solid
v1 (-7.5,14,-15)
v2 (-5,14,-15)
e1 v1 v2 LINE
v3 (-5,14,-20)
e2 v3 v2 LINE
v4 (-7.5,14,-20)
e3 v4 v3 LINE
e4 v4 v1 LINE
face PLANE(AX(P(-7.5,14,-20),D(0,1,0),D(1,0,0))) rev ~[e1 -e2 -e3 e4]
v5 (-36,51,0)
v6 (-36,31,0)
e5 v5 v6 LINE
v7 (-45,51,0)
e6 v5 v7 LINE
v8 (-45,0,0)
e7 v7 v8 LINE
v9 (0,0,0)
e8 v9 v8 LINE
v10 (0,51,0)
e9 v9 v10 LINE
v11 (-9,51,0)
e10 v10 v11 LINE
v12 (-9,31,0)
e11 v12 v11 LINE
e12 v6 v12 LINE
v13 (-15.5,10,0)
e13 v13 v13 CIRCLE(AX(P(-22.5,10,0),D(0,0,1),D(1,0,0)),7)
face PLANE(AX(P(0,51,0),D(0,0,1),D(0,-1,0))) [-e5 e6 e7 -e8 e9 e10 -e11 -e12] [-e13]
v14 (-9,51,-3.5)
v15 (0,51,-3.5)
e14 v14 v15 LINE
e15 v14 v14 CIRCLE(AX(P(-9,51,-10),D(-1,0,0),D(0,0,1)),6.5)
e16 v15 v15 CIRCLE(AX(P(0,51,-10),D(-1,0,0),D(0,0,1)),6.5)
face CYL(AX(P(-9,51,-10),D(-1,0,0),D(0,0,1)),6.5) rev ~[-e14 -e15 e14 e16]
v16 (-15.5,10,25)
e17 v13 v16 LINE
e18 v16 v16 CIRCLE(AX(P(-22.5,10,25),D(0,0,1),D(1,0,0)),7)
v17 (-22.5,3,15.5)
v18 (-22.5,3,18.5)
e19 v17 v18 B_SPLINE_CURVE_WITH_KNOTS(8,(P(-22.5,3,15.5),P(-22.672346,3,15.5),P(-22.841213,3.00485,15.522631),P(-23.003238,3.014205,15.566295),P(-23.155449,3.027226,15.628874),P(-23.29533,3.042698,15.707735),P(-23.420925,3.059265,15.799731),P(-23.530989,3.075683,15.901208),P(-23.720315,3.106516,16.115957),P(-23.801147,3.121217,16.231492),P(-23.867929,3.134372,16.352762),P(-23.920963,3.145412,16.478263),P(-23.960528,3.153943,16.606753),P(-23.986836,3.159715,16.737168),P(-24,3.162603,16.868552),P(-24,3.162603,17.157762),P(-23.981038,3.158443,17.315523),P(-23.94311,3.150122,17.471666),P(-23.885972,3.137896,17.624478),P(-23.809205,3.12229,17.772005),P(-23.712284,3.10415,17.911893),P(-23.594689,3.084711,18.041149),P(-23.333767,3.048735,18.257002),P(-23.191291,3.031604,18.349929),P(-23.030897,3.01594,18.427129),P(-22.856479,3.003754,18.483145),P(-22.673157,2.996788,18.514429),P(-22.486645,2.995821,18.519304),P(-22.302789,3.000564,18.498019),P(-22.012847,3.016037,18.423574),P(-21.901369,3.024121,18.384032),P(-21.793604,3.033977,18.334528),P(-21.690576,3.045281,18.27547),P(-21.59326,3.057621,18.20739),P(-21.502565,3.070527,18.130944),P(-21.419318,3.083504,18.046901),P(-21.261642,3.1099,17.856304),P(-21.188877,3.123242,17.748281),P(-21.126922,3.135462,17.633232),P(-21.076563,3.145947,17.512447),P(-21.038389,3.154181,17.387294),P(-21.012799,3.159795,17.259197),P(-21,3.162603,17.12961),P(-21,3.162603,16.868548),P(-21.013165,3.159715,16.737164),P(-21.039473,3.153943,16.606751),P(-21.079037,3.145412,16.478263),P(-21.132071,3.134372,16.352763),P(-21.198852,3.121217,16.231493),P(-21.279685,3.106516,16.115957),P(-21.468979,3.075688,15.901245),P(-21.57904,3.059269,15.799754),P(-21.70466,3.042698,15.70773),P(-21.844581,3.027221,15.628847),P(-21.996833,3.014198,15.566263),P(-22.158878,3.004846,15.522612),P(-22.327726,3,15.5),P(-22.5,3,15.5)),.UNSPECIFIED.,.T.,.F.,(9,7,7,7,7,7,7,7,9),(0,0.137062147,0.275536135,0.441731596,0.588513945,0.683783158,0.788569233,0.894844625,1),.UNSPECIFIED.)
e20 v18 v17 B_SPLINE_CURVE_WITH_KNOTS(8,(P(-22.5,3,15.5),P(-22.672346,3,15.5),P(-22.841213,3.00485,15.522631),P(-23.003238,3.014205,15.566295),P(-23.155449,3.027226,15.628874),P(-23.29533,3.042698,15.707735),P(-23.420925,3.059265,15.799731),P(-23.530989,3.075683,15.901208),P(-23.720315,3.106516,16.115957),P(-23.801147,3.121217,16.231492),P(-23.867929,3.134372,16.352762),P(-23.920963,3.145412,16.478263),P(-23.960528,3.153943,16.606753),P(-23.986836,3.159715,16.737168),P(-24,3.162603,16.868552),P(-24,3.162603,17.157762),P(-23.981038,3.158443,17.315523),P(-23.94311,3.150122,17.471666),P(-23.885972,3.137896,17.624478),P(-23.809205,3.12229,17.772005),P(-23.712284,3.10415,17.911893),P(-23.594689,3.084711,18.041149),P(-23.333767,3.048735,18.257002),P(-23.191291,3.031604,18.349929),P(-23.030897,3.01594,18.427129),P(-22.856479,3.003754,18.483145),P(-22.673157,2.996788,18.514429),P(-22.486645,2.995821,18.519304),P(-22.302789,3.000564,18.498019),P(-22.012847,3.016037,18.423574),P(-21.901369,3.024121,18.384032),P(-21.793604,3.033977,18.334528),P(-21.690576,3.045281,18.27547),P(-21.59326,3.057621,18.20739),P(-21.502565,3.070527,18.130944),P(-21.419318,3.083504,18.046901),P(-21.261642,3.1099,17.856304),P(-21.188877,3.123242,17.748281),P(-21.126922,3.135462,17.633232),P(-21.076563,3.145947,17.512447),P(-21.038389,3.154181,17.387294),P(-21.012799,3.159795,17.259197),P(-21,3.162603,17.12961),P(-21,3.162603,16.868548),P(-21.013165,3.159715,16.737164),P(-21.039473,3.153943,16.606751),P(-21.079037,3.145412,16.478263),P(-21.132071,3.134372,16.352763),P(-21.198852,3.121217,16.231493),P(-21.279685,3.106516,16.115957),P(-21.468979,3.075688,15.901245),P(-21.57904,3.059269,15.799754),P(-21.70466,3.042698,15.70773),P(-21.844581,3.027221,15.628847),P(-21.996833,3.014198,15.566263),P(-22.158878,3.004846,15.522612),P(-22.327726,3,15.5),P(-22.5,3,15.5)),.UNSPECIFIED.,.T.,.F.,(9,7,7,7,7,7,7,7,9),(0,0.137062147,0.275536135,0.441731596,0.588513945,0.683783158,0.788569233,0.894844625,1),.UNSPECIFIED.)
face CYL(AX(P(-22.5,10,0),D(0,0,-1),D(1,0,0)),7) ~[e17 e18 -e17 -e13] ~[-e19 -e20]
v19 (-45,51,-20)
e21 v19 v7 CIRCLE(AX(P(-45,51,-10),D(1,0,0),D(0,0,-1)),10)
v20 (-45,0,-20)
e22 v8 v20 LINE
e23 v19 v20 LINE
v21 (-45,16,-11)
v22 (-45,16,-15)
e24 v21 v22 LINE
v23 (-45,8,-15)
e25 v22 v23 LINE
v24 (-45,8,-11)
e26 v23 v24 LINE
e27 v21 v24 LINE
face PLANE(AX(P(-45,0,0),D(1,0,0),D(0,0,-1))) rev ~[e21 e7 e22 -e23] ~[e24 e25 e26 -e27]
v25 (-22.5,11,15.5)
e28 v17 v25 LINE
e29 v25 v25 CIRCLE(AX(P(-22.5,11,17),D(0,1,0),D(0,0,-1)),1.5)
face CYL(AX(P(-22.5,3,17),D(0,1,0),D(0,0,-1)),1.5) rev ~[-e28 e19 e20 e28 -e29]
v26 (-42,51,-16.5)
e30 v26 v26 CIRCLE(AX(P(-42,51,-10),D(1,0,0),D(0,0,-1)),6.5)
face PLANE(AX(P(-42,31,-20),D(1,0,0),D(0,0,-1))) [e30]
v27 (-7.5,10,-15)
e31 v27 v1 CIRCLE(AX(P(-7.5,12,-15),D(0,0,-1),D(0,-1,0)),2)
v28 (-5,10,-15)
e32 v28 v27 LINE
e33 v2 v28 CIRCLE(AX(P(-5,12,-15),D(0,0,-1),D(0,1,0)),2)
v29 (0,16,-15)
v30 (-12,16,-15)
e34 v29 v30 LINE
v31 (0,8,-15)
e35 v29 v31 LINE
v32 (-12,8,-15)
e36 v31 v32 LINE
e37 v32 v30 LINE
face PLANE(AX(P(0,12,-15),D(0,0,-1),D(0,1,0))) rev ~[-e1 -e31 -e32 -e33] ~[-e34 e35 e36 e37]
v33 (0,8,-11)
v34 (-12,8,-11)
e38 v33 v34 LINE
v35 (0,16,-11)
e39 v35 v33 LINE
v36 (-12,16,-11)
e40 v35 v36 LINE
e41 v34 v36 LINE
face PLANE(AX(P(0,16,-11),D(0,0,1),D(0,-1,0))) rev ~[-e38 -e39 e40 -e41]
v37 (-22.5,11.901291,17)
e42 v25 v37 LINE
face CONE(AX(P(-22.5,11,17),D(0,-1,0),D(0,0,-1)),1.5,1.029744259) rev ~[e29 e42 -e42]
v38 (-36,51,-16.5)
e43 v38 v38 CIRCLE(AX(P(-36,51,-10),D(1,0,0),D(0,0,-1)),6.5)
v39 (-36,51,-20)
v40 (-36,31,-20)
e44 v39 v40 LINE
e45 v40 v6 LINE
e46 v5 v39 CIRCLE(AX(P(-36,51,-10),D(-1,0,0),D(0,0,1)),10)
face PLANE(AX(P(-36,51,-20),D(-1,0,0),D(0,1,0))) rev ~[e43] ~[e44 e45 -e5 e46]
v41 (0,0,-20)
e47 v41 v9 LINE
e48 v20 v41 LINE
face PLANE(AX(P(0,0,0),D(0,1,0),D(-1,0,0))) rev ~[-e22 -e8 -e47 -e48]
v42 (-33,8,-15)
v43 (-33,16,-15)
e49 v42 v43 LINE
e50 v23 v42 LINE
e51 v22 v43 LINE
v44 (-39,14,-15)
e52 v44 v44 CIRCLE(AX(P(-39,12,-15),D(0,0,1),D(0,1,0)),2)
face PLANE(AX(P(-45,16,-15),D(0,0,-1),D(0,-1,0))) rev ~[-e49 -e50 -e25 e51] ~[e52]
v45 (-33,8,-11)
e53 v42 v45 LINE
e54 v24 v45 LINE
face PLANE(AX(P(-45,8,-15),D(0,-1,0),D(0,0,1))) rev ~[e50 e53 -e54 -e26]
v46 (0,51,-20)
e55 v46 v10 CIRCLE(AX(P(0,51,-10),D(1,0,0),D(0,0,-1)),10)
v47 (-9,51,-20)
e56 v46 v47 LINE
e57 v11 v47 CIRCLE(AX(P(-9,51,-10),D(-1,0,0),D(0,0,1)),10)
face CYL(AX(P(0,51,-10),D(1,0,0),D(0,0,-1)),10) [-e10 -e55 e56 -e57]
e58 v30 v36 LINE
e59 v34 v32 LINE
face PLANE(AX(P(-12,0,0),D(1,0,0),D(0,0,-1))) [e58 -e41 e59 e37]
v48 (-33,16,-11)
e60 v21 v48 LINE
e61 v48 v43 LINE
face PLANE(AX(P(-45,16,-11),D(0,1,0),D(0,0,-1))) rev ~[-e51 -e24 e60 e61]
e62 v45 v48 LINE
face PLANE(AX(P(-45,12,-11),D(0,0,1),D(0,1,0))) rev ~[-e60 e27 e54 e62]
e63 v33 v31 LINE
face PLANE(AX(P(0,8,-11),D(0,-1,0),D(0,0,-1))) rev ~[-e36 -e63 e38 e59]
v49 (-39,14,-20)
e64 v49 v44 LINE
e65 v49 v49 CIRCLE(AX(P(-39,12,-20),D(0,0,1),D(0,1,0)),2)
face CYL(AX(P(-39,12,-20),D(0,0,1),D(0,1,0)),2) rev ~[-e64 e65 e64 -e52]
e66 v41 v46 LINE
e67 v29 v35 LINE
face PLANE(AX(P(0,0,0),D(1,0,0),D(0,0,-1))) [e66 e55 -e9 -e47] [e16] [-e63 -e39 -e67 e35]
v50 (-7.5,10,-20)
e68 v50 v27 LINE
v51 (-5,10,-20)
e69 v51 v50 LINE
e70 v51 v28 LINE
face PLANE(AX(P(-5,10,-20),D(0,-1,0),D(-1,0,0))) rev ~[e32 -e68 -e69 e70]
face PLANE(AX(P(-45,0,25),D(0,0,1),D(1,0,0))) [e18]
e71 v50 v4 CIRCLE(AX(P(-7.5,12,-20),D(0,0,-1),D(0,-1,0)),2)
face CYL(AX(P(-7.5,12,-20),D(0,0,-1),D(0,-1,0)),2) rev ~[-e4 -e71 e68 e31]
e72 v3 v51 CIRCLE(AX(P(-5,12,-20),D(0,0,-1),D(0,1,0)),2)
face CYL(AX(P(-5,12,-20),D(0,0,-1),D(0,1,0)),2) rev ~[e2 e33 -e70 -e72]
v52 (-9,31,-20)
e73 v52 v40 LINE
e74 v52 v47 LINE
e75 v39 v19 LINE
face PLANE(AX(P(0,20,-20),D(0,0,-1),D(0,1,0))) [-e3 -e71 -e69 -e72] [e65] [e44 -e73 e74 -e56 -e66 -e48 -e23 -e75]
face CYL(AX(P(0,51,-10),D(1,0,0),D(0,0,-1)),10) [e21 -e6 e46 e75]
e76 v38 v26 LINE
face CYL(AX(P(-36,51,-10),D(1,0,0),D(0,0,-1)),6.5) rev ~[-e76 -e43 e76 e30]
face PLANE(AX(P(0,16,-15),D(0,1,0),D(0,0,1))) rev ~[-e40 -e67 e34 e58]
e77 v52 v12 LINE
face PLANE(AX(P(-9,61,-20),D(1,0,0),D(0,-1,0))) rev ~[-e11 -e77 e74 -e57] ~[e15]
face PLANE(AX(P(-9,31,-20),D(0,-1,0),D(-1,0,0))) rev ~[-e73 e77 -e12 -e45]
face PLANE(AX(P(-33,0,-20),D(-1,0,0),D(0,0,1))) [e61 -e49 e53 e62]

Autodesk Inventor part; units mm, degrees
ref_plane "YZ Plane" through (0, 0, 0) normal (1, 0, 0) x (0, 1, 0)
ref_plane "XZ Plane" through (0, 0, 0) normal (0, 1, 0) x (-1, 0, 0)
sketch "Sketch15" plane through (0, 0, 0) normal (0, 1, 0) x (-1, 0, 0)
  line L0 (0, 0) -> (45, 0)
  line L1 (45, 0) -> (45, -20)
  line L2 (45, -20) -> (0, -20)
  line L3 (0, -20) -> (0, 0)
  dimension "d88" = 45
  dimension "d89" = 20
extrude "Extrusion11" add sketch "Sketch15" along normal blind 20
sketch "Sketch16" plane through (-45, 0, 0) normal (0, 0, 1) x (1, 0, 0)
  line L0 (45, 0) -> (45, 20) projected
  line L1 (0, 20) -> (45, 20) projected
  circle A0 centre (22.5, 10) radius 7
  dimension "d92" = 14
  dimension "d93" = 10
  dimension "d94" = 22.5
extrude "Extrusion12" add sketch "Sketch16" along normal blind 25
sketch "Sketch17" plane through (0, 0, 0) normal (1, 0, 0) x (0, 0, -1)
  line L0 (20, 0) -> (20, 20) projected
  line L1 (0, 0) -> (0, 20) projected
  line L2 (-25, 17) -> (-25, 3) projected
  line L3 (0, 3) -> (0, 17) projected
  line L4 (-25, 10) -> (20, 10) construction
  line L5 (0, 20) -> (20, 20)
  line L6 (20, 20) -> (20, 51)
  line L7 (0, 51) -> (0, 20)
  arc A0 (20, 51) -> (0, 51) centre (10, 51) ccw
  circle A1 centre (10, 51) radius 6.5 construction
  dimension "d98" = 41
  dimension "d99" = 13
extrude "Extrusion13" add sketch "Sketch17" against normal up to surface (45 mm away)
sketch "Sketch18" plane through (0, 0, -20) normal (0, 0, -1) x (-1, 0, 0)
  line L0 (0, 61) -> (45, 61) projected
  line L1 (9, 31) -> (36, 31)
  line L2 (36, 31) -> (36, 61)
  line L3 (36, 61) -> (9, 61)
  line L4 (9, 61) -> (9, 31)
  line L5 (45, 61) -> (45, 51) projected
  line L6 (0, 61) -> (0, 51) projected
  line L7 (0, 51) -> (45, 51) projected
  line L8 (14.6068, 31.9261) -> (20.6068, 31.9261)
  line L9 (20.6068, 31.9261) -> (20.6068, 53.9261)
  line L10 (20.6068, 53.9261) -> (14.6068, 53.9261)
  line L11 (14.6068, 53.9261) -> (14.6068, 31.9261)
  line L12 (20.6068, 25.659) -> (25.6068, 25.659)
  line L13 (25.6068, 25.659) -> (25.6068, 59.659)
  line L14 (25.6068, 59.659) -> (20.6068, 59.659)
  line L15 (20.6068, 59.659) -> (20.6068, 25.659)
  point P0 (40, 20)
  point P1 (0, 20)
  dimension "d105" = 30
  dimension "d106" = 9
  dimension "d107" = 9
  dimension "d116" = 20
  dimension "d117" = 6
  dimension "d118" = 22
  dimension "d119" = 5
  dimension "d120" = 34
  dimension "d121" = 10.3932
  dimension "d122" = 11.6068
extrude "Extrusion14" cut sketch "Sketch18" against normal through all contours L0 L2 L7 L13 L14 L15 L10 L11 L4 | L7 L11 L8 L15 L1 L4 | L2 L1 L13 L7 | L11 L10 L9 L7 | L7 L9 L8 L11 | L13 L1 L15 L9 L7 | L7 L9 L15 L14 L13
sketch "Sketch19" plane through (-36, 31, -20) normal (1, 0, 0) x (0, 0, -1)
  arc A0 (0, 20) -> (-20, 20) centre (-10, 20) ccw projected
  circle A1 centre (-10, 20) radius 6.5
  point P0 (-20, -31)
  point P1 (0, 22.9052)
  dimension "d110" = 13
extrude "Extrusion15" cut sketch "Sketch19" against normal blind 6
sketch "Sketch20" plane through (-9, 31, -20) normal (-1, 0, 0) x (0, 0, 1)
  arc A0 (20, 20) -> (0, 20) centre (10, 20) ccw projected
  circle A1 centre (10, 20) radius 6.5
  point P0 (20, -31)
  point P1 (0, 22.9052)
  dimension "d113" = 13
extrude "Extrusion16" cut sketch "Sketch20" against normal through all
sketch "Sketch21" plane through (0, 0, -20) normal (0, 0, -1) x (-1, 0, 0)
  line L0 (36, 31) -> (9, 31) projected
  line L1 (45, 0) -> (30, 0)
  line L2 (30, 0) -> (30, 31)
  line L3 (30, 31) -> (45, 31)
  line L4 (45, 31) -> (45, 0)
  line L5 (0, 0) -> (15, 0)
  line L6 (15, 0) -> (15, 31)
  line L7 (15, 31) -> (0, 31)
  line L8 (0, 31) -> (0, 0)
  line L9 (45, 0) -> (0, 0) projected
  line L10 (9, 31) -> (36, 31) projected
  line L11 (22.5, 31) -> (22.5, 0) construction
  point P0 (6, 19.5)
  point P1 (39, 19.5)
  dimension "d123" = 15
  dimension "d124" = 15
  dimension "d132" = 16.5
  dimension "d133" = 16.5
extrude "Extrusion17" [suppressed]
sketch "Sketch22" plane through (-45, 0, 0) normal (-1, 0, 0) x (0, 0, 1)
  line L0 (0, 0) -> (-20, 0) projected
  line L1 (-30, 23) -> (-20, 23)
  line L2 (-20, 23) -> (-20, 0)
  line L3 (-20, 0) -> (-30, 0)
  line L4 (-30, 0) -> (-30, 23)
  point P0 (-30, 0)
extrude "Extrusion18" [suppressed]
sketch "Sketch23" plane through (0, 51, -10) normal (1, 0, 0) x (0, 0, -1)
  line L0 (10, -43) -> (10, -20) projected
  line L1 (20, -43) -> (10, -43)
  line L2 (10, -43) -> (10, -20)
  line L3 (10, -20) -> (20, -20)
  line L4 (20, -20) -> (20, -43)
extrude "Extrusion19" [suppressed]
sketch "Sketch24" plane through (12, 43, -10) normal (1, 0, 0) x (0, 0, -1)
  line L0 (10, -20) -> (10, -43) projected
  line L1 (20, -20) -> (10, -20)
  line L2 (10, -20) -> (10, -31.5)
  line L3 (10, -31.5) -> (20, -31.5)
  line L4 (20, -31.5) -> (20, -20)
  point P0 (-10, -43)
revolve "Revolution1" [suppressed]
sketch "Sketch25" plane through (0, 0, -30) normal (0, 0, -1) x (-1, 0, 0)
  line L0 (15, 0) -> (-12, 0) projected
  line L1 (15, 0) -> (15, 23) projected
  line L2 (15, 23) -> (-12, 23) projected
  arc A0 (-12, 23) -> (-12, 0) centre (-12, 11.5) ccw projected
  point P0 (0, 0)
  point P1 (-3.6176, 11.5)
  point P2 (49.207, 11.5)
sketch "Sketch26" plane through (0, 0, -20) normal (0, 0, -1) x (-1, 0, 0)
  line L0 (0, 0) -> (0, 51) projected
  line L1 (45, 0) -> (0, 0) projected
  line L2 (45, 0) -> (45, 51) projected
  line L3 (-6.2428, 12) -> (58.3359, 12)
  point P0 (6, 12)
  point P1 (39, 12)
  dimension "d134" = 12
  dimension "d135" = 6
  dimension "d136" = 33
  dimension "d137" = 6
hole "Hole2" at (-39, 12, -20) direction (0, 0, 1) diameter 4 depth 6 tip angle 118
sketch "Sketch27" plane through (0, 0, 0) normal (1, 0, 0) x (0, 0, -1)
  line L0 (0, 10) -> (0, 14) projected
  line L1 (20, 14) -> (20, 10) projected
  line L2 (15, 16) -> (11, 16)
  line L3 (11, 16) -> (11, 8)
  line L4 (11, 8) -> (15, 8)
  line L5 (15, 8) -> (15, 16)
  line L6 (15, 12) -> (11, 12)
  line L7 (20, 14) -> (20, 10) projected
  line L8 (0, 0) -> (0, 51) projected
  line L9 (20, 14) -> (20, 10) projected
  line L10 (20, 31) -> (20, 51) projected
  line L11 (20, 0) -> (20, 51) projected
  line L12 (20, 0) -> (20, 51) projected
  line L13 (20, 51) -> (20, 31) projected
  line L14 (20, 14) -> (20, 10) projected
  line L15 (20, 12) -> (0, 12)
  dimension "d145" = 8
  dimension "d147" = 4
  dimension "d160" = 5
extrude "Extrusion20" cut sketch "Sketch27" against normal blind 12
sketch "Sketch28" plane through (0, 0, -20) normal (0, 0, -1) x (-1, 0, 0)
  line L0 (0, 0) -> (0, 51) projected
  line L1 (5, 12) -> (7.5, 12) construction
  line L2 (5, 10) -> (7.5, 10)
  line L3 (7.5, 14) -> (5, 14)
  arc A0 (5, 14) -> (5, 10) centre (5, 12) ccw
  arc A1 (7.5, 10) -> (7.5, 14) centre (7.5, 12) ccw
  point P0 (6.25, 12)
  dimension "d150" = 5
  dimension "d151" = 2.5
extrude "Extrusion21" cut sketch "Sketch28" against normal up to surface (9 mm away)
sketch "Sketch29" plane through (-45, 0, -20) normal (-1, 0, 0) x (0, 0, 1)
  line L0 (0, 0) -> (0, 51) projected
  line L1 (20, 0) -> (20, 43)
  line L2 (0, 10) -> (0, 14)
  line L3 (20, 14) -> (20, 10)
  line L4 (9, 16) -> (5, 16)
  line L5 (5, 16) -> (5, 8)
  line L6 (5, 8) -> (9, 8)
  line L7 (9, 8) -> (9, 16)
  line L8 (9, 12) -> (5, 12)
  line L9 (20, 14) -> (20, 10)
  line L10 (20, 12) -> (0, 12) construction
  line L11 (0, 10) -> (0, 14) projected
  dimension "d154" = 8
  dimension "d156" = 4
  dimension "d157" = 5
extrude "Extrusion22" cut sketch "Sketch29" against normal blind 12
ref_plane "Work Plane2" through (-22.5, 3, 0) normal (0, 1, 0) x (-1, 0, 0)
sketch "Sketch30" plane through (-22.5, 3, 0) normal (0, 1, 0) x (-1, 0, 0)
  line L0 (7, 25) -> (-7, 25) projected
  line L1 (-7, 0) -> (7, 0) projected
  point P0 (-22.5, 0)
  point P1 (0, 17)
  dimension "d161" = 8
hole "Hole3" at (-22.5, 3, 17) direction (0, 1, 0) diameter 3 depth 8 tip angle 118
equation "\"d106\" = d107"
equation "\"d124\" = d123"
properties part number "EndEffectorV2"
